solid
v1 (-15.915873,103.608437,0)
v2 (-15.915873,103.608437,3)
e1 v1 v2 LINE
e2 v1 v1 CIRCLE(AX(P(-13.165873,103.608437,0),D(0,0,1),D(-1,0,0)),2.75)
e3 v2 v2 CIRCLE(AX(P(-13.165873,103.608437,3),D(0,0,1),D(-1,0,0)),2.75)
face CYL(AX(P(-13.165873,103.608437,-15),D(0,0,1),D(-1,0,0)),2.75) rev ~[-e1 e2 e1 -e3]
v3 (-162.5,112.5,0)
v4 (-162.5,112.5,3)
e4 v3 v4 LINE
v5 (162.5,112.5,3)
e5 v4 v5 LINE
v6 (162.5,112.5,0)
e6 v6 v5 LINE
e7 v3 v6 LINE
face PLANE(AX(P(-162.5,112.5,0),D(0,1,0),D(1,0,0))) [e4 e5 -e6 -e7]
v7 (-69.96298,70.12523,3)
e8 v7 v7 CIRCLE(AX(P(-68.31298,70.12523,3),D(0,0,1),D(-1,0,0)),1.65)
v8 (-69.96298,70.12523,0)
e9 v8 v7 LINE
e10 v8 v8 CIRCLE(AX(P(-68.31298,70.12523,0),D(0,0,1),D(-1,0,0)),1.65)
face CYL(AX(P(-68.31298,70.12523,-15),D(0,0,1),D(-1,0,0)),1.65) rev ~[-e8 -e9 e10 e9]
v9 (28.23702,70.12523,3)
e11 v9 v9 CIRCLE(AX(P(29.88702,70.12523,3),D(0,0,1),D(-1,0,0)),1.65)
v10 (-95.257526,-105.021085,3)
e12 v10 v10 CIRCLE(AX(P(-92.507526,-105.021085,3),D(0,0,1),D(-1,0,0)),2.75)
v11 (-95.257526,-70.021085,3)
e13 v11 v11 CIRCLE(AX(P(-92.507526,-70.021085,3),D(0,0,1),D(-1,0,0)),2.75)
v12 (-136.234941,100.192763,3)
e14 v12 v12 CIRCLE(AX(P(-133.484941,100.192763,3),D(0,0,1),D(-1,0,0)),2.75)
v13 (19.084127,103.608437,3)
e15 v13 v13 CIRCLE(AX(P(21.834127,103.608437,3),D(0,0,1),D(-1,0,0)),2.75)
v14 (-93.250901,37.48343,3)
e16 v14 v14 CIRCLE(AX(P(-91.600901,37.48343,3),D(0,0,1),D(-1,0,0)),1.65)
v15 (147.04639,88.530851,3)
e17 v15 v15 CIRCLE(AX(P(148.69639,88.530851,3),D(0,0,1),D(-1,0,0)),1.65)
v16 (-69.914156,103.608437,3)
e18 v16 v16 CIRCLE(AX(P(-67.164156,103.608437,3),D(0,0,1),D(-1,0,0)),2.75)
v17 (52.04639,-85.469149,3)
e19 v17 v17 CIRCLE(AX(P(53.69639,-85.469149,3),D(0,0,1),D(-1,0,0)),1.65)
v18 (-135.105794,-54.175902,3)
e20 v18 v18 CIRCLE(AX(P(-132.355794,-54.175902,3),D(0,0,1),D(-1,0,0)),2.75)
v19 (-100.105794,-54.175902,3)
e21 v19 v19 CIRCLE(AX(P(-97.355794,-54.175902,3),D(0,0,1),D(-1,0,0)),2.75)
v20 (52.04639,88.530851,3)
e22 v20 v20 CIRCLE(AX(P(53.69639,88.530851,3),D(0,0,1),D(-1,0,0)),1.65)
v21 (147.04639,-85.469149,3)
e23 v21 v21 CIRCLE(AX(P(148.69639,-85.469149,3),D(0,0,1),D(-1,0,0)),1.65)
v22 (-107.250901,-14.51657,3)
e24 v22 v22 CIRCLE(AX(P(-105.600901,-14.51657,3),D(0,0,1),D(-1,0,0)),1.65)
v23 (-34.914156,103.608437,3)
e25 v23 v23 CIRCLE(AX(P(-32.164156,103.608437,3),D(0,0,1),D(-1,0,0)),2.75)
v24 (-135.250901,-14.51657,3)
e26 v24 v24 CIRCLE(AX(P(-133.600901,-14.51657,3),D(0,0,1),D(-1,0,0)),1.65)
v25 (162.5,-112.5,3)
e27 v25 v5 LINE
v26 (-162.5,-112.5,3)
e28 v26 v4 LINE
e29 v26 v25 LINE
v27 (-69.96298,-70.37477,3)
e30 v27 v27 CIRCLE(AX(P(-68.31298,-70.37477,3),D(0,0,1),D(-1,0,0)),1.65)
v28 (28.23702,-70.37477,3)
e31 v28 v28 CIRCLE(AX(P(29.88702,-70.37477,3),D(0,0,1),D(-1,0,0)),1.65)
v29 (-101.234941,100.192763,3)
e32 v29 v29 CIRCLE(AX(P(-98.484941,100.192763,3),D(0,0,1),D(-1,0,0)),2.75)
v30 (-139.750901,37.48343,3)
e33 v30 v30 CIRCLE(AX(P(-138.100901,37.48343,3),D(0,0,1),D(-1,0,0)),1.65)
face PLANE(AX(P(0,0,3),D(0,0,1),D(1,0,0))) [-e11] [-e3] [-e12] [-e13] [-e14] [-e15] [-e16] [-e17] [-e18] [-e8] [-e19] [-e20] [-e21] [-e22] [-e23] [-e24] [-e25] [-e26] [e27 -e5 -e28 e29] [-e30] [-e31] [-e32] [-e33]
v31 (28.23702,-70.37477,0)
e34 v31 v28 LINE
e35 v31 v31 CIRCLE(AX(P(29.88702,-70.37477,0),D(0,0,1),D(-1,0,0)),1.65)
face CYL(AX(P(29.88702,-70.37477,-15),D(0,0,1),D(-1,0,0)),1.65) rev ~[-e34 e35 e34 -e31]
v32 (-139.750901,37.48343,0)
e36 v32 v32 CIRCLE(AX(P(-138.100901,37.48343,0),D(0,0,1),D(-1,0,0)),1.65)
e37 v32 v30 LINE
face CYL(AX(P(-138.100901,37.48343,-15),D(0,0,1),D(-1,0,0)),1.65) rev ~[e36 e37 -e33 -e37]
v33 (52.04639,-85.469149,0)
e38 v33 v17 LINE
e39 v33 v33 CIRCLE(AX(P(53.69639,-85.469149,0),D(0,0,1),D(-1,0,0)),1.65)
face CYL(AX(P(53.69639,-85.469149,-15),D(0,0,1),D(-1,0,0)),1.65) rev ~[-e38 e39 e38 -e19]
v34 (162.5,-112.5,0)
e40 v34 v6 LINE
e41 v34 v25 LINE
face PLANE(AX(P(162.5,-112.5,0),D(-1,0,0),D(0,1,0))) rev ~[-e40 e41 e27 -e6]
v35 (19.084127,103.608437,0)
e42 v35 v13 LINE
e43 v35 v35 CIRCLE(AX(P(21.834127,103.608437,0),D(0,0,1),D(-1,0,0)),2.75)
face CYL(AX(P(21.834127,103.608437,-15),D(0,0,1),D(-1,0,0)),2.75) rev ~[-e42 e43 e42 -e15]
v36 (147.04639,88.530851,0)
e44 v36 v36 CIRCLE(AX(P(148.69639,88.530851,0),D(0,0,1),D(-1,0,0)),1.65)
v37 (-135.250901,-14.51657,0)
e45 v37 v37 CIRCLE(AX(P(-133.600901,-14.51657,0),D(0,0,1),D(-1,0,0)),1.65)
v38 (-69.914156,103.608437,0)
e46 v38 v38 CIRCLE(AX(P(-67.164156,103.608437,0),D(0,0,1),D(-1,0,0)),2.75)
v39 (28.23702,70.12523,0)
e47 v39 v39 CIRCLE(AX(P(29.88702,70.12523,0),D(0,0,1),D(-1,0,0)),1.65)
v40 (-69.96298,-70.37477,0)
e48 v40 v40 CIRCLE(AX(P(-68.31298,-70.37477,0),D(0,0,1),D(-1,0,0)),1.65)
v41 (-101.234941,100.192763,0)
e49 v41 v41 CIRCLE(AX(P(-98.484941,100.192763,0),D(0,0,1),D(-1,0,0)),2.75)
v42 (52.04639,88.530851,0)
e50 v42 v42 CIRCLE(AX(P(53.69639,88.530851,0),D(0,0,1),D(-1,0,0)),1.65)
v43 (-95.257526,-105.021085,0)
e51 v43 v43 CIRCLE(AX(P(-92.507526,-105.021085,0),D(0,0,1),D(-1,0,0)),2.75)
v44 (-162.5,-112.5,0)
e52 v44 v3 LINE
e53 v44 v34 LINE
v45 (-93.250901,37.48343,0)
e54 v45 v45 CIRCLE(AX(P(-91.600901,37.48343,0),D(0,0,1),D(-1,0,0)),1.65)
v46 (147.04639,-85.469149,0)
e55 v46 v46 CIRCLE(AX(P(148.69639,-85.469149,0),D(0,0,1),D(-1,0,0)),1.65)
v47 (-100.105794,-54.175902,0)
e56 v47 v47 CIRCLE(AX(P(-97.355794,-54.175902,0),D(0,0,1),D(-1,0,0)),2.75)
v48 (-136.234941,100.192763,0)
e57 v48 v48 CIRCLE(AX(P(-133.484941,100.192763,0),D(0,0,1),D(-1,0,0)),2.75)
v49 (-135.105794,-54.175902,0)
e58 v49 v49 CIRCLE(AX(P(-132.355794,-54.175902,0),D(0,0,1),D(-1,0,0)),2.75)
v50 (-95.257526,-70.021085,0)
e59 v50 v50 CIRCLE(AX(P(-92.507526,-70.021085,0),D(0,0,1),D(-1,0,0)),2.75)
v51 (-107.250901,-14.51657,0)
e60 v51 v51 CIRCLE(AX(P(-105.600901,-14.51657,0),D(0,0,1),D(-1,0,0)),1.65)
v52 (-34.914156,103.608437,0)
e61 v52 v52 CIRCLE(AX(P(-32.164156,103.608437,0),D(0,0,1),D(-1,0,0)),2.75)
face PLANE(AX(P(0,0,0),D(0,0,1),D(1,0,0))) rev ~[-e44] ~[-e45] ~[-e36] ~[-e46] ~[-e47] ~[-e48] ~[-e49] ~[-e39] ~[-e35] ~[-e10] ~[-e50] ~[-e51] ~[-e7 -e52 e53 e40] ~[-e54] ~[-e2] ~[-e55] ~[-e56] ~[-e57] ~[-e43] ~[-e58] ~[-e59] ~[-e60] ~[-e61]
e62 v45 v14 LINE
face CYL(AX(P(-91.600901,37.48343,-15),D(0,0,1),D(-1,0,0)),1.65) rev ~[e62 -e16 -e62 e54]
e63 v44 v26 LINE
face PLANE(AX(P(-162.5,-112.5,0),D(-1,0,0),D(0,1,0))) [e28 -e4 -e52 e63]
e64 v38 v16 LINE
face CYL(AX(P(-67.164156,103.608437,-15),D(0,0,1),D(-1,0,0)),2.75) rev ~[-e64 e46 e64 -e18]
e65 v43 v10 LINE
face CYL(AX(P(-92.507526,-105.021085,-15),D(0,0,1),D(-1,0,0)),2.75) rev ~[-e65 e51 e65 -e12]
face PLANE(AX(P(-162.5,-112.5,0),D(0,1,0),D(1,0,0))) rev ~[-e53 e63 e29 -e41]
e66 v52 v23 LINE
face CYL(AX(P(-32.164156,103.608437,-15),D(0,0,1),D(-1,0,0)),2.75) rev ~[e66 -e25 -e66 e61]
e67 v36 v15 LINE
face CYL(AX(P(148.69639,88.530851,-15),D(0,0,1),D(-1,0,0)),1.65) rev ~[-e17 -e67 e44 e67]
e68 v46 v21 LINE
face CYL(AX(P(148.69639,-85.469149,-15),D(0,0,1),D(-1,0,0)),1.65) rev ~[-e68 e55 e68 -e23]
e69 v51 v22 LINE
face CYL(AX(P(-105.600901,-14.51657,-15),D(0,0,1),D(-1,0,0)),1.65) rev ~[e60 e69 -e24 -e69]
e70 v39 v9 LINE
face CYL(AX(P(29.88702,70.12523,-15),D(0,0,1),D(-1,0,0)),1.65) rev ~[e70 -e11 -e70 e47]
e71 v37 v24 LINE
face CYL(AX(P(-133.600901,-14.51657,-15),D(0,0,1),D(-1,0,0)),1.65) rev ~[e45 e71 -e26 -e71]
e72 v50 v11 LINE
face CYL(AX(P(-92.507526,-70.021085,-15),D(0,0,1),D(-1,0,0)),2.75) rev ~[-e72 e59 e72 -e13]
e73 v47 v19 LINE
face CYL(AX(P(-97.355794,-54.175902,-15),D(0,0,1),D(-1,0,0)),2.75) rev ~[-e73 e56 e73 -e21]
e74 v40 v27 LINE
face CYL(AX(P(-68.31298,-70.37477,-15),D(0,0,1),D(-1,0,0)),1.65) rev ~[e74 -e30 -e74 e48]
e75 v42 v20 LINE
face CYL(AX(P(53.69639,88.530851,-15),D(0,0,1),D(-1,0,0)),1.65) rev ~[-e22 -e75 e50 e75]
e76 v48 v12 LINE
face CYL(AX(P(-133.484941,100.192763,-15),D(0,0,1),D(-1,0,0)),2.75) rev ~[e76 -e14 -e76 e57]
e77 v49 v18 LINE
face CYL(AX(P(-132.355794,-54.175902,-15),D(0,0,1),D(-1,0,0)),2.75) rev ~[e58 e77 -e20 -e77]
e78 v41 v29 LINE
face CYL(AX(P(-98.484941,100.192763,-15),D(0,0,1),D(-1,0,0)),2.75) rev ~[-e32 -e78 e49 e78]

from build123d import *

# Parameters (mm, degrees)
F0_W     = 325
F0_H     = 225
F1_DEPTH = 3
F2_D     = 3.3
F2_DEPTH = 15
F2_TIP   = 0.9914200214
F3_D     = 5.5
F3_DEPTH = 15
F3_TIP   = 1.6523667023


with BuildPart() as f1:
    # F0 (on Top) → F1 (new body)
    with BuildSketch(Plane.XY):
        Rectangle(F0_W, F0_H)
    extrude(amount=F1_DEPTH)

    # F2
    with Locations(Plane(origin=(0, 0, 0), x_dir=(1, 0, 0), z_dir=(0, 0, -1))):
        with Locations((148.6963902414, -88.5308509469), (53.6963902414, -88.5308509469), (148.6963902414, 85.4691490531), (53.6963902414, 85.4691490531), (-68.3129802346, -70.1252296567), (29.8870197654, -70.1252296567), (29.8870197654, 70.3747703433), (-68.3129802346, 70.3747703433), (-91.600900948, -37.483430326), (-105.600900948, 14.516569674), (-133.600900948, 14.516569674), (-138.100900948, -37.483430326)):
            Hole(F2_D / 2, depth=F2_DEPTH)
            with Locations((0, 0, -(F2_DEPTH + F2_TIP / 2))):  # 118° drill point
                Cone(0, F2_D / 2, F2_TIP, mode=Mode.SUBTRACT)

    # F3
    with Locations(Plane(origin=(0, 0, 0), x_dir=(1, 0, 0), z_dir=(0, 0, -1))):
        with Locations((-133.4849408269, -100.1927629113), (-98.4849408269, -100.1927629113), (-67.1641564369, -103.6084368825), (-32.1641564369, -103.6084368825), (-13.1658734754, -103.6084368825), (21.8341265246, -103.6084368825), (-92.5075262785, 70.0210854411), (-92.5075262785, 105.0210854411), (-97.3557943106, 54.175902158), (-132.3557943106, 54.175902158)):
            Hole(F3_D / 2, depth=F3_DEPTH)
            with Locations((0, 0, -(F3_DEPTH + F3_TIP / 2))):  # 118° drill point
                Cone(0, F3_D / 2, F3_TIP, mode=Mode.SUBTRACT)


solid = f1.part
